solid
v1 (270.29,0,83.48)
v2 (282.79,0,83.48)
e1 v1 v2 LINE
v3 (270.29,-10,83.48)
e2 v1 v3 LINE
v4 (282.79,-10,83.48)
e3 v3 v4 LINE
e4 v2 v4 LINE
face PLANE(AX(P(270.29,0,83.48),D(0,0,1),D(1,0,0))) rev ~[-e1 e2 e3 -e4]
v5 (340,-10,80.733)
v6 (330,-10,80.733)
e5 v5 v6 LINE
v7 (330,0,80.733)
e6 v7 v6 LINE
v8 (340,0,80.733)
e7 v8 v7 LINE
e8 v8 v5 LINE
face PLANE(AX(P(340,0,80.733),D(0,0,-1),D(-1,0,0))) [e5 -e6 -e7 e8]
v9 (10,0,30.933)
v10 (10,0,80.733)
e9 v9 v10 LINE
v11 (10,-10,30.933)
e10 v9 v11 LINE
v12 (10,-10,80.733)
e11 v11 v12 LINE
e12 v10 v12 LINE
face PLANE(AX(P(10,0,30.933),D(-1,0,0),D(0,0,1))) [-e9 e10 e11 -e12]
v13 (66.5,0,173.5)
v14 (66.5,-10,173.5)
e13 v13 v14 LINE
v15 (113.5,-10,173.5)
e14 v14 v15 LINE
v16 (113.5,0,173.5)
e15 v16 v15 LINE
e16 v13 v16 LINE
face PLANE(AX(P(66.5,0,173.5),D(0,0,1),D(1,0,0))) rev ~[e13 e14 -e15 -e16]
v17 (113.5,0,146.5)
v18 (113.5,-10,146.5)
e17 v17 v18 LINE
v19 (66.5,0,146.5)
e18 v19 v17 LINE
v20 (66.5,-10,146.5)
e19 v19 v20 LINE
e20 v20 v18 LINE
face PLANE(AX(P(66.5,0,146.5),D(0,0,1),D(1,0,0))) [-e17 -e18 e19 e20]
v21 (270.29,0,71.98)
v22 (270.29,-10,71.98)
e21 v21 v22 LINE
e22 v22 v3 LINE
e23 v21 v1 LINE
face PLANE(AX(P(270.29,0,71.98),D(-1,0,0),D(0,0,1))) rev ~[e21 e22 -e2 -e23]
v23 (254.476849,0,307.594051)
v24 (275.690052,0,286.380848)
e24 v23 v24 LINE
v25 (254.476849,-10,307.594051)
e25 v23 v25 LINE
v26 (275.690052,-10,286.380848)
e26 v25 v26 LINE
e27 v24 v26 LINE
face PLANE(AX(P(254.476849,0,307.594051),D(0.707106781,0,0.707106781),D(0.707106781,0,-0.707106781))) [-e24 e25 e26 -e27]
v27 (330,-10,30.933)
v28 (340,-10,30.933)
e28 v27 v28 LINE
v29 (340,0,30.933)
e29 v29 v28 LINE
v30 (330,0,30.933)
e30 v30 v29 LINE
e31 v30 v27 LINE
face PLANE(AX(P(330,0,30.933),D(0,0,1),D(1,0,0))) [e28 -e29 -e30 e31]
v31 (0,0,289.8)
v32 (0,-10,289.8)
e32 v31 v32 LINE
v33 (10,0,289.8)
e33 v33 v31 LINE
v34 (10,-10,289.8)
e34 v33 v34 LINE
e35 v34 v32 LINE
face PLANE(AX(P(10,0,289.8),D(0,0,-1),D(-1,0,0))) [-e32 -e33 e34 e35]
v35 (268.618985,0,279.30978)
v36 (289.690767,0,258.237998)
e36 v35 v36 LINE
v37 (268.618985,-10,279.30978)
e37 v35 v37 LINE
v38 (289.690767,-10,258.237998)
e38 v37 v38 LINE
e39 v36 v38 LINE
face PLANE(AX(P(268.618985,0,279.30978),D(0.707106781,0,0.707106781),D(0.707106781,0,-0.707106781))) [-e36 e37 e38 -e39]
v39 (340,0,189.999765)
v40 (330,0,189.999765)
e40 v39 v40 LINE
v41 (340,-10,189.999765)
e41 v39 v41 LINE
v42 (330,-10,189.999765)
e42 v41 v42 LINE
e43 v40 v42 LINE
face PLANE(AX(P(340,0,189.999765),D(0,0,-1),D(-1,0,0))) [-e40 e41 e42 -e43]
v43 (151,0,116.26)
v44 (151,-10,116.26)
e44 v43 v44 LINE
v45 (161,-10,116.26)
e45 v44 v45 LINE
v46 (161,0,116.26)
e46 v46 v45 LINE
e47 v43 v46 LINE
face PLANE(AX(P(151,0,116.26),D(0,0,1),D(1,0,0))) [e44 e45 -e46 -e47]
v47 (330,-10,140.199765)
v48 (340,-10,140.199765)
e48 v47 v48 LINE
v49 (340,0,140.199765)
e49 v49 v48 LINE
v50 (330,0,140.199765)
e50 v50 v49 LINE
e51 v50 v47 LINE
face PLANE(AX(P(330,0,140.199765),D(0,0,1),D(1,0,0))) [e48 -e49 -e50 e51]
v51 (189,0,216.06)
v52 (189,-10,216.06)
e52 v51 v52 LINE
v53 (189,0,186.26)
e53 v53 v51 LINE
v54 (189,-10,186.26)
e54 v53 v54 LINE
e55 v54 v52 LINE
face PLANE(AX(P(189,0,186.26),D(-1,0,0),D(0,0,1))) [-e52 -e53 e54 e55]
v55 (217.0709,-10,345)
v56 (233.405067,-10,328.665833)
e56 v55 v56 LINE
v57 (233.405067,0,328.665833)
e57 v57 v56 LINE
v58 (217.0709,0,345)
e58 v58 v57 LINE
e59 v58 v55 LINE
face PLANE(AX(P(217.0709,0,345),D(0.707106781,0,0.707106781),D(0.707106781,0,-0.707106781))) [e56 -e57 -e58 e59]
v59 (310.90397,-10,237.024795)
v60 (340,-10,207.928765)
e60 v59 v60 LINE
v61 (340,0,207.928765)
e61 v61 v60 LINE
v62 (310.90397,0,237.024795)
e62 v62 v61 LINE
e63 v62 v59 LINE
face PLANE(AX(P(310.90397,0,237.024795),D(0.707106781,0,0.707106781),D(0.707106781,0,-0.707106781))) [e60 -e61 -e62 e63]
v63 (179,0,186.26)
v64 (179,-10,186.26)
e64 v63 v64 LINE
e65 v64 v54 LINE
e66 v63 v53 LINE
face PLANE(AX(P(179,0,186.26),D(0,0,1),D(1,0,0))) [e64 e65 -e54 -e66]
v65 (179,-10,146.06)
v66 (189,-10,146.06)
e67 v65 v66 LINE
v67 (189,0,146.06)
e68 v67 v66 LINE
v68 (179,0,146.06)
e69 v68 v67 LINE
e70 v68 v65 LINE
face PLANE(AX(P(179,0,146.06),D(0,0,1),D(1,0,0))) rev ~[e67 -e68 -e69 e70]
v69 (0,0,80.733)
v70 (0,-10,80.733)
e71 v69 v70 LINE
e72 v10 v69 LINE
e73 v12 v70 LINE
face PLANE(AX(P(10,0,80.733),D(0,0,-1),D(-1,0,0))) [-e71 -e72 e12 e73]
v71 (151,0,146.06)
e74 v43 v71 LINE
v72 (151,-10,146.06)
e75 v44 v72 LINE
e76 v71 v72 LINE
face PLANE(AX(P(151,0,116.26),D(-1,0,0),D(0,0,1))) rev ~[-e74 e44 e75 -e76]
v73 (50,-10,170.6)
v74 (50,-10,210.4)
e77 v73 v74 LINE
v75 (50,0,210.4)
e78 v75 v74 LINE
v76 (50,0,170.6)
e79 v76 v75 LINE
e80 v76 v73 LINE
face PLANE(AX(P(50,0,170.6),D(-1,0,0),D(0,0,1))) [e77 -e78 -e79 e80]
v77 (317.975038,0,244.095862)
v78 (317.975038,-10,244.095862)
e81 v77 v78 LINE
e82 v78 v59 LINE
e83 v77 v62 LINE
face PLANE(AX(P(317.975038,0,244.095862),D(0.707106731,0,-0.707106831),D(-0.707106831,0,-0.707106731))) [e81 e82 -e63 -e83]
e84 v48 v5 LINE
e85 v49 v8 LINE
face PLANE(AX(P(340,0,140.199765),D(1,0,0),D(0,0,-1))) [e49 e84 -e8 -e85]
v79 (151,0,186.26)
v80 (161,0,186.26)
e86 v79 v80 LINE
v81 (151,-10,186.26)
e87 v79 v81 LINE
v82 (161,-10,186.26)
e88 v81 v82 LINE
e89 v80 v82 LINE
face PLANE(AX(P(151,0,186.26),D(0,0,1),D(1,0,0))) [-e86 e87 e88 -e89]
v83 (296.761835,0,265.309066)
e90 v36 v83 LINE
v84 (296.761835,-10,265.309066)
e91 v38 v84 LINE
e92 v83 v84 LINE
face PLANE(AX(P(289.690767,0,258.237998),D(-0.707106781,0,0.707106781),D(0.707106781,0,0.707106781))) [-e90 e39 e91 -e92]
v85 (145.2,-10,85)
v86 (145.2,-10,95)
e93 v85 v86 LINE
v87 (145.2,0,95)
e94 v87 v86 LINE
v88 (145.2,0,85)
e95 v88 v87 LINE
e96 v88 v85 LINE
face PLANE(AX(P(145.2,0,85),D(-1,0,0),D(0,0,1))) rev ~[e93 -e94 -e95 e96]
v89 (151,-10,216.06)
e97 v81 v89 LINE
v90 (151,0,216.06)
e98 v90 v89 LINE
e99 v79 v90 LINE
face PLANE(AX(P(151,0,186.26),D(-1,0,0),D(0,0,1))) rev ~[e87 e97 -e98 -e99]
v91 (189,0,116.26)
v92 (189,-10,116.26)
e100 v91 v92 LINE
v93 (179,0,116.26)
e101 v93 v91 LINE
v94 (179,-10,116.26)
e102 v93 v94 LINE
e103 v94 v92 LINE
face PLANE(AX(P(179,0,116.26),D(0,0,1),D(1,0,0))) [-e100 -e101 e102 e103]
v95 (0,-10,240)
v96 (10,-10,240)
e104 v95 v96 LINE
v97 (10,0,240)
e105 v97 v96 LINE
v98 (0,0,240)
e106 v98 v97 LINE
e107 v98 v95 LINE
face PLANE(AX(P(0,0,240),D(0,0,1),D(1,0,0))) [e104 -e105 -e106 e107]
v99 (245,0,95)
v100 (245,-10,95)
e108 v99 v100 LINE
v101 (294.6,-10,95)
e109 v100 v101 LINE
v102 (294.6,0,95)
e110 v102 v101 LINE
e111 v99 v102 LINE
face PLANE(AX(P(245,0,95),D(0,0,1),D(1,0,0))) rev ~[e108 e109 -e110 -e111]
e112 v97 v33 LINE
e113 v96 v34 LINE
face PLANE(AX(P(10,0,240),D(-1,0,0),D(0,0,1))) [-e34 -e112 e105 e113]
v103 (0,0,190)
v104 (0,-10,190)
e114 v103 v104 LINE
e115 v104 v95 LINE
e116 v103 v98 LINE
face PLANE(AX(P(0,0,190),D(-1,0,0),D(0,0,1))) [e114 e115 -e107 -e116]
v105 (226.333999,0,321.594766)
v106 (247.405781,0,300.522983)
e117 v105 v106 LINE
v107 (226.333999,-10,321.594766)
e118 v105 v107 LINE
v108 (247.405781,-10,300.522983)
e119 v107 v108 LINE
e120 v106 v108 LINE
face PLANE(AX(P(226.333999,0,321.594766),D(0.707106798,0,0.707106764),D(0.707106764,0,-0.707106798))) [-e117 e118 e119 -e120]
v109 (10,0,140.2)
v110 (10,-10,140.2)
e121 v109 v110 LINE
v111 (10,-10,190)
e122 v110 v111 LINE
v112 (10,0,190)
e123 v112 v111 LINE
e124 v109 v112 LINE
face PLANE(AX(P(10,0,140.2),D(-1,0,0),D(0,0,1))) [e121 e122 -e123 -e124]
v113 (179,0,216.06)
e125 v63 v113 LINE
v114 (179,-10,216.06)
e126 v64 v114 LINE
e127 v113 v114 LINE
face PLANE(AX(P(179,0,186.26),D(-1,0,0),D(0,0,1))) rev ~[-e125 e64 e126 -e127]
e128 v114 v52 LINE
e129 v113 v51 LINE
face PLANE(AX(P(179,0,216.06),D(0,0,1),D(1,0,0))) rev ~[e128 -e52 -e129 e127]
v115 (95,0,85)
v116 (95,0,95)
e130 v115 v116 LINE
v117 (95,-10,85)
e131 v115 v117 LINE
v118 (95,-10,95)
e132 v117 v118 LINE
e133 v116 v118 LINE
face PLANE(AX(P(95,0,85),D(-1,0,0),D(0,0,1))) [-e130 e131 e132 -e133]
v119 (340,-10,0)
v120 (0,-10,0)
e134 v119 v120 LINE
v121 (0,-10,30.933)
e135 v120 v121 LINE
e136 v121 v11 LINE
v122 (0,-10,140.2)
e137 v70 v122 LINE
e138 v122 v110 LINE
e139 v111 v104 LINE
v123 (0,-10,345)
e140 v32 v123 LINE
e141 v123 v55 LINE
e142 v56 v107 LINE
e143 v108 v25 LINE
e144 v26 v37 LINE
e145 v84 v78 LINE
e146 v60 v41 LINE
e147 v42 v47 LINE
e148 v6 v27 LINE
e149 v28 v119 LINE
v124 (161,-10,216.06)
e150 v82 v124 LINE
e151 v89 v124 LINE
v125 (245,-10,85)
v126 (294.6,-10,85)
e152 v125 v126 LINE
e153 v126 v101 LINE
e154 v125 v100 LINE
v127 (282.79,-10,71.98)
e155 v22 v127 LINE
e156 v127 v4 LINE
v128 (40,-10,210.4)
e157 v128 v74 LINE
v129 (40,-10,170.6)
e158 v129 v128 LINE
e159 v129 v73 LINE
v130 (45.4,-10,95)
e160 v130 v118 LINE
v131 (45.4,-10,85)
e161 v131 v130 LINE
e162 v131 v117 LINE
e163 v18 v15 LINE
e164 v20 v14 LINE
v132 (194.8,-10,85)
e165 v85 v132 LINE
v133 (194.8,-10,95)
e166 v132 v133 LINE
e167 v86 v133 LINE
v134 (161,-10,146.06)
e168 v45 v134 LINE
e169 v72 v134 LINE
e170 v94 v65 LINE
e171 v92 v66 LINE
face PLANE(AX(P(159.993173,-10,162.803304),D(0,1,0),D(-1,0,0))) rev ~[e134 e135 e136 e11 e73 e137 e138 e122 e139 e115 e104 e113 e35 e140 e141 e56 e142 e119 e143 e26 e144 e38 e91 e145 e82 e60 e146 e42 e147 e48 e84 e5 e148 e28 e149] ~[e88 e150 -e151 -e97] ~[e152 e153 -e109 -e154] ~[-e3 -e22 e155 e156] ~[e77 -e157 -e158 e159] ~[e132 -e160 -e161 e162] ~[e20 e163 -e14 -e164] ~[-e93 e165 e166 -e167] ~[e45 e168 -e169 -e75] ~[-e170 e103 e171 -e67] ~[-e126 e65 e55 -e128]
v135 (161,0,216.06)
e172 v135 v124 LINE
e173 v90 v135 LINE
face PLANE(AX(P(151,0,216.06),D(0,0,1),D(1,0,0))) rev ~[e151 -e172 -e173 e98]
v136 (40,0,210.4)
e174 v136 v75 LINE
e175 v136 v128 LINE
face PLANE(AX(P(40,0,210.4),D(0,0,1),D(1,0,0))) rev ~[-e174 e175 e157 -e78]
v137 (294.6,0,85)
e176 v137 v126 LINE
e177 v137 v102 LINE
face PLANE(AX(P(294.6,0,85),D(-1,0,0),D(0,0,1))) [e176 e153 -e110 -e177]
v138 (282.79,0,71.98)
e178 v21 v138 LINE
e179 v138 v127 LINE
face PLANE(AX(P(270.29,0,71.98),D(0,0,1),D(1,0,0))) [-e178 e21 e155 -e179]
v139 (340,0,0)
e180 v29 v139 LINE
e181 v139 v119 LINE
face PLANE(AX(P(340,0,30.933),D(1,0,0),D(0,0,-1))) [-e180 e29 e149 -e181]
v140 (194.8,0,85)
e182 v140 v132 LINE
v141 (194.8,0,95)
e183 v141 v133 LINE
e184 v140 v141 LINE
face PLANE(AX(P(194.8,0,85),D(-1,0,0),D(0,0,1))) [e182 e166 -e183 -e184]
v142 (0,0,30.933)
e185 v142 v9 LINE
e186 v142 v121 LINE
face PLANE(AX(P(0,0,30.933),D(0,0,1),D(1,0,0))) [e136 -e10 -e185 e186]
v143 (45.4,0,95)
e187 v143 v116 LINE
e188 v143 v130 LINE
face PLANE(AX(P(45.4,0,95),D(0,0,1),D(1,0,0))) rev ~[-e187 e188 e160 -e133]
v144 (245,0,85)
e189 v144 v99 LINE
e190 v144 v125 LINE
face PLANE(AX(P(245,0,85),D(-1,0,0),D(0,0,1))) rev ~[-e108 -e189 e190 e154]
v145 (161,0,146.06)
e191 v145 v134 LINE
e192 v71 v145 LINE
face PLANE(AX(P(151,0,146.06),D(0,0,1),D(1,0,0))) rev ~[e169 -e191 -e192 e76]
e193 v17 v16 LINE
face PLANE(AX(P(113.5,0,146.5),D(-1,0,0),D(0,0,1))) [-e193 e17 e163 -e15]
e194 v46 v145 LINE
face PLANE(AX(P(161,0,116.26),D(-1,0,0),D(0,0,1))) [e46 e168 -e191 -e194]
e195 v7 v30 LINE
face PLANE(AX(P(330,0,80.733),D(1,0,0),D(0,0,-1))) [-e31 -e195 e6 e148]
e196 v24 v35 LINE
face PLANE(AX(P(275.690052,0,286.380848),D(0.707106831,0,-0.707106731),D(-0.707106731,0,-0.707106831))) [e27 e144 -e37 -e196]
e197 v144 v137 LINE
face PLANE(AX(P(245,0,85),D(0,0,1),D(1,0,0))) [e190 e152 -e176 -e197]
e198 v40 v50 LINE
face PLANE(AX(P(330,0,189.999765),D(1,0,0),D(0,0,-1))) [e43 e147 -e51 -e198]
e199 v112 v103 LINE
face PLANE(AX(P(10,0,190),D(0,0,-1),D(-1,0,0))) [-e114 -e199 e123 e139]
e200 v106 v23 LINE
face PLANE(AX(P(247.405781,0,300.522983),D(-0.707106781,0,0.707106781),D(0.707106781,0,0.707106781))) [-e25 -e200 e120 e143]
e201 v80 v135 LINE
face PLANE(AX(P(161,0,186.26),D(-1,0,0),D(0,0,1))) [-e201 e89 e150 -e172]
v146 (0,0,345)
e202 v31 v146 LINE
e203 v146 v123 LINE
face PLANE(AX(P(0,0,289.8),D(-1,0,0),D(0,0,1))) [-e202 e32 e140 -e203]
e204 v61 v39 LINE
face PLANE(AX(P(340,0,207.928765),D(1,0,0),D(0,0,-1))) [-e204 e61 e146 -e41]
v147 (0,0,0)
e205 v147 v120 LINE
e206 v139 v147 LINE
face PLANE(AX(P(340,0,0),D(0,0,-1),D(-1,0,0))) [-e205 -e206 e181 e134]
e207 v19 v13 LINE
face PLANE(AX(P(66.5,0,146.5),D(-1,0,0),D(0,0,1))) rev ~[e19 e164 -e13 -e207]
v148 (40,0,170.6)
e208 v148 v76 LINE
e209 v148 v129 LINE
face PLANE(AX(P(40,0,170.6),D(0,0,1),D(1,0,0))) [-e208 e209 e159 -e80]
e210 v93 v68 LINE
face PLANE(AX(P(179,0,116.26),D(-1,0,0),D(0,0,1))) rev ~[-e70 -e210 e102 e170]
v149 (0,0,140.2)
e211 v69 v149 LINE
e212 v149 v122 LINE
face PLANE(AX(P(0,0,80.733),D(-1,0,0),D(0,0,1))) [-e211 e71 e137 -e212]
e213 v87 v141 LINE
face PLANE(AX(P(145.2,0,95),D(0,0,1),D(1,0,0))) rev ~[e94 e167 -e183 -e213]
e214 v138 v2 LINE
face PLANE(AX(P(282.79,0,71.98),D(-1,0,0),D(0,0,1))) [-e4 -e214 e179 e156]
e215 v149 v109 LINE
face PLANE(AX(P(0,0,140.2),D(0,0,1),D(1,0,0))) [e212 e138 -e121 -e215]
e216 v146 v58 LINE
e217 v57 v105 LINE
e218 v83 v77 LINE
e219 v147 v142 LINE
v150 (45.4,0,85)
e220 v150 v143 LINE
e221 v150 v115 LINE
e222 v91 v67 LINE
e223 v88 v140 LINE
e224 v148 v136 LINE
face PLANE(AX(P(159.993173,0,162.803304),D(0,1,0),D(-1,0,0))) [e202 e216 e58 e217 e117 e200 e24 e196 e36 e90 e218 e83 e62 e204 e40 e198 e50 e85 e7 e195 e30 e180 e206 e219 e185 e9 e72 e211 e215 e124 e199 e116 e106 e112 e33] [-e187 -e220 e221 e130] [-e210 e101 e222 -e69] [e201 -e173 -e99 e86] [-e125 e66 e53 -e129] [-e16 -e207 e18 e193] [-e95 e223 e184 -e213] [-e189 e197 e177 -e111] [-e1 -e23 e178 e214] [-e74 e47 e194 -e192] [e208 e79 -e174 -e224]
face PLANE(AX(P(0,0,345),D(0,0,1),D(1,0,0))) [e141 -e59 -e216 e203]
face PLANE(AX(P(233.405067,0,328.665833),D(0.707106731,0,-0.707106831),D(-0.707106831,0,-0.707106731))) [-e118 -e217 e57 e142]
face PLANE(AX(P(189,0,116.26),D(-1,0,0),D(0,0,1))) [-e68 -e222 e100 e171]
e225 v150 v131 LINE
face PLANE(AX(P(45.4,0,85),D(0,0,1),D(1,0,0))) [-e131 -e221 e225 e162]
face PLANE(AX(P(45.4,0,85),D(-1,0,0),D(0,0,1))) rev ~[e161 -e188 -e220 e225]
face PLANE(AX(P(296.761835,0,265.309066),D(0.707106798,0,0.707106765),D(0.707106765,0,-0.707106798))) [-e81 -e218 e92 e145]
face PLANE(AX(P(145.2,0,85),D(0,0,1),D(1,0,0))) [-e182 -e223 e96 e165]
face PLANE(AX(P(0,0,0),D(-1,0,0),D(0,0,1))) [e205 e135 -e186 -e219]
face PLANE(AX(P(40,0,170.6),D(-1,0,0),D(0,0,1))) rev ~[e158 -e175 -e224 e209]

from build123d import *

# Parameters (mm, degrees)
SKETCH_W   = 49.6
SKETCH_H   = 10
SKETCH_W_2 = 10
SKETCH_H_2 = 39.8
SKETCH_W_3 = 47
SKETCH_H_3 = 27
SKETCH_H_4 = 29.8
SKETCH_W_4 = 12.5
SKETCH_H_5 = 11.5
PAD_DEPTH  = 10


with BuildPart() as part:
    # Sketch → Pad (new body)
    with BuildSketch(Plane.XZ):
        Polygon((0, 0), (0, 30.933), (10, 30.933), (10, 80.733), (0, 80.733), (0, 140.2), (10, 140.2), (10, 190), (0, 190), (0, 240), (10, 240), (10, 289.8), (0, 289.8), (0, 345), (217.0709, 345), (233.405067, 328.665833), (226.333999, 321.594766), (247.405781, 300.522983), (254.476849, 307.594051), (275.690052, 286.380848), (268.618985, 279.30978), (289.690767, 258.237998), (296.761835, 265.309066), (317.975038, 244.095862), (310.90397, 237.024795), (340, 207.928765), (340, 189.999765), (330, 189.999765), (330, 140.199765), (340, 140.199765), (340, 80.733), (330, 80.733), (330, 30.933), (340, 30.933), (340, 0), align=None)
        with Locations((70.2, 90)):
            Rectangle(SKETCH_W, SKETCH_H, mode=Mode.SUBTRACT)
        with Locations((170, 90)):
            Rectangle(SKETCH_W, SKETCH_H, mode=Mode.SUBTRACT)
        with Locations((269.8, 90)):
            Rectangle(SKETCH_W, SKETCH_H, mode=Mode.SUBTRACT)
        with Locations((45, 190.5)):
            Rectangle(SKETCH_W_2, SKETCH_H_2, mode=Mode.SUBTRACT)
        with Locations((90, 160)):
            Rectangle(SKETCH_W_3, SKETCH_H_3, mode=Mode.SUBTRACT)
        with Locations((156, 201.16)):
            Rectangle(SKETCH_W_2, SKETCH_H_4, mode=Mode.SUBTRACT)
        with Locations((184, 201.16)):
            Rectangle(SKETCH_W_2, SKETCH_H_4, mode=Mode.SUBTRACT)
        with Locations((156, 131.16)):
            Rectangle(SKETCH_W_2, SKETCH_H_4, mode=Mode.SUBTRACT)
        with Locations((184, 131.16)):
            Rectangle(SKETCH_W_2, SKETCH_H_4, mode=Mode.SUBTRACT)
        with Locations((276.54, 77.73)):
            Rectangle(SKETCH_W_4, SKETCH_H_5, mode=Mode.SUBTRACT)
    extrude(amount=PAD_DEPTH)


solid = part.part
